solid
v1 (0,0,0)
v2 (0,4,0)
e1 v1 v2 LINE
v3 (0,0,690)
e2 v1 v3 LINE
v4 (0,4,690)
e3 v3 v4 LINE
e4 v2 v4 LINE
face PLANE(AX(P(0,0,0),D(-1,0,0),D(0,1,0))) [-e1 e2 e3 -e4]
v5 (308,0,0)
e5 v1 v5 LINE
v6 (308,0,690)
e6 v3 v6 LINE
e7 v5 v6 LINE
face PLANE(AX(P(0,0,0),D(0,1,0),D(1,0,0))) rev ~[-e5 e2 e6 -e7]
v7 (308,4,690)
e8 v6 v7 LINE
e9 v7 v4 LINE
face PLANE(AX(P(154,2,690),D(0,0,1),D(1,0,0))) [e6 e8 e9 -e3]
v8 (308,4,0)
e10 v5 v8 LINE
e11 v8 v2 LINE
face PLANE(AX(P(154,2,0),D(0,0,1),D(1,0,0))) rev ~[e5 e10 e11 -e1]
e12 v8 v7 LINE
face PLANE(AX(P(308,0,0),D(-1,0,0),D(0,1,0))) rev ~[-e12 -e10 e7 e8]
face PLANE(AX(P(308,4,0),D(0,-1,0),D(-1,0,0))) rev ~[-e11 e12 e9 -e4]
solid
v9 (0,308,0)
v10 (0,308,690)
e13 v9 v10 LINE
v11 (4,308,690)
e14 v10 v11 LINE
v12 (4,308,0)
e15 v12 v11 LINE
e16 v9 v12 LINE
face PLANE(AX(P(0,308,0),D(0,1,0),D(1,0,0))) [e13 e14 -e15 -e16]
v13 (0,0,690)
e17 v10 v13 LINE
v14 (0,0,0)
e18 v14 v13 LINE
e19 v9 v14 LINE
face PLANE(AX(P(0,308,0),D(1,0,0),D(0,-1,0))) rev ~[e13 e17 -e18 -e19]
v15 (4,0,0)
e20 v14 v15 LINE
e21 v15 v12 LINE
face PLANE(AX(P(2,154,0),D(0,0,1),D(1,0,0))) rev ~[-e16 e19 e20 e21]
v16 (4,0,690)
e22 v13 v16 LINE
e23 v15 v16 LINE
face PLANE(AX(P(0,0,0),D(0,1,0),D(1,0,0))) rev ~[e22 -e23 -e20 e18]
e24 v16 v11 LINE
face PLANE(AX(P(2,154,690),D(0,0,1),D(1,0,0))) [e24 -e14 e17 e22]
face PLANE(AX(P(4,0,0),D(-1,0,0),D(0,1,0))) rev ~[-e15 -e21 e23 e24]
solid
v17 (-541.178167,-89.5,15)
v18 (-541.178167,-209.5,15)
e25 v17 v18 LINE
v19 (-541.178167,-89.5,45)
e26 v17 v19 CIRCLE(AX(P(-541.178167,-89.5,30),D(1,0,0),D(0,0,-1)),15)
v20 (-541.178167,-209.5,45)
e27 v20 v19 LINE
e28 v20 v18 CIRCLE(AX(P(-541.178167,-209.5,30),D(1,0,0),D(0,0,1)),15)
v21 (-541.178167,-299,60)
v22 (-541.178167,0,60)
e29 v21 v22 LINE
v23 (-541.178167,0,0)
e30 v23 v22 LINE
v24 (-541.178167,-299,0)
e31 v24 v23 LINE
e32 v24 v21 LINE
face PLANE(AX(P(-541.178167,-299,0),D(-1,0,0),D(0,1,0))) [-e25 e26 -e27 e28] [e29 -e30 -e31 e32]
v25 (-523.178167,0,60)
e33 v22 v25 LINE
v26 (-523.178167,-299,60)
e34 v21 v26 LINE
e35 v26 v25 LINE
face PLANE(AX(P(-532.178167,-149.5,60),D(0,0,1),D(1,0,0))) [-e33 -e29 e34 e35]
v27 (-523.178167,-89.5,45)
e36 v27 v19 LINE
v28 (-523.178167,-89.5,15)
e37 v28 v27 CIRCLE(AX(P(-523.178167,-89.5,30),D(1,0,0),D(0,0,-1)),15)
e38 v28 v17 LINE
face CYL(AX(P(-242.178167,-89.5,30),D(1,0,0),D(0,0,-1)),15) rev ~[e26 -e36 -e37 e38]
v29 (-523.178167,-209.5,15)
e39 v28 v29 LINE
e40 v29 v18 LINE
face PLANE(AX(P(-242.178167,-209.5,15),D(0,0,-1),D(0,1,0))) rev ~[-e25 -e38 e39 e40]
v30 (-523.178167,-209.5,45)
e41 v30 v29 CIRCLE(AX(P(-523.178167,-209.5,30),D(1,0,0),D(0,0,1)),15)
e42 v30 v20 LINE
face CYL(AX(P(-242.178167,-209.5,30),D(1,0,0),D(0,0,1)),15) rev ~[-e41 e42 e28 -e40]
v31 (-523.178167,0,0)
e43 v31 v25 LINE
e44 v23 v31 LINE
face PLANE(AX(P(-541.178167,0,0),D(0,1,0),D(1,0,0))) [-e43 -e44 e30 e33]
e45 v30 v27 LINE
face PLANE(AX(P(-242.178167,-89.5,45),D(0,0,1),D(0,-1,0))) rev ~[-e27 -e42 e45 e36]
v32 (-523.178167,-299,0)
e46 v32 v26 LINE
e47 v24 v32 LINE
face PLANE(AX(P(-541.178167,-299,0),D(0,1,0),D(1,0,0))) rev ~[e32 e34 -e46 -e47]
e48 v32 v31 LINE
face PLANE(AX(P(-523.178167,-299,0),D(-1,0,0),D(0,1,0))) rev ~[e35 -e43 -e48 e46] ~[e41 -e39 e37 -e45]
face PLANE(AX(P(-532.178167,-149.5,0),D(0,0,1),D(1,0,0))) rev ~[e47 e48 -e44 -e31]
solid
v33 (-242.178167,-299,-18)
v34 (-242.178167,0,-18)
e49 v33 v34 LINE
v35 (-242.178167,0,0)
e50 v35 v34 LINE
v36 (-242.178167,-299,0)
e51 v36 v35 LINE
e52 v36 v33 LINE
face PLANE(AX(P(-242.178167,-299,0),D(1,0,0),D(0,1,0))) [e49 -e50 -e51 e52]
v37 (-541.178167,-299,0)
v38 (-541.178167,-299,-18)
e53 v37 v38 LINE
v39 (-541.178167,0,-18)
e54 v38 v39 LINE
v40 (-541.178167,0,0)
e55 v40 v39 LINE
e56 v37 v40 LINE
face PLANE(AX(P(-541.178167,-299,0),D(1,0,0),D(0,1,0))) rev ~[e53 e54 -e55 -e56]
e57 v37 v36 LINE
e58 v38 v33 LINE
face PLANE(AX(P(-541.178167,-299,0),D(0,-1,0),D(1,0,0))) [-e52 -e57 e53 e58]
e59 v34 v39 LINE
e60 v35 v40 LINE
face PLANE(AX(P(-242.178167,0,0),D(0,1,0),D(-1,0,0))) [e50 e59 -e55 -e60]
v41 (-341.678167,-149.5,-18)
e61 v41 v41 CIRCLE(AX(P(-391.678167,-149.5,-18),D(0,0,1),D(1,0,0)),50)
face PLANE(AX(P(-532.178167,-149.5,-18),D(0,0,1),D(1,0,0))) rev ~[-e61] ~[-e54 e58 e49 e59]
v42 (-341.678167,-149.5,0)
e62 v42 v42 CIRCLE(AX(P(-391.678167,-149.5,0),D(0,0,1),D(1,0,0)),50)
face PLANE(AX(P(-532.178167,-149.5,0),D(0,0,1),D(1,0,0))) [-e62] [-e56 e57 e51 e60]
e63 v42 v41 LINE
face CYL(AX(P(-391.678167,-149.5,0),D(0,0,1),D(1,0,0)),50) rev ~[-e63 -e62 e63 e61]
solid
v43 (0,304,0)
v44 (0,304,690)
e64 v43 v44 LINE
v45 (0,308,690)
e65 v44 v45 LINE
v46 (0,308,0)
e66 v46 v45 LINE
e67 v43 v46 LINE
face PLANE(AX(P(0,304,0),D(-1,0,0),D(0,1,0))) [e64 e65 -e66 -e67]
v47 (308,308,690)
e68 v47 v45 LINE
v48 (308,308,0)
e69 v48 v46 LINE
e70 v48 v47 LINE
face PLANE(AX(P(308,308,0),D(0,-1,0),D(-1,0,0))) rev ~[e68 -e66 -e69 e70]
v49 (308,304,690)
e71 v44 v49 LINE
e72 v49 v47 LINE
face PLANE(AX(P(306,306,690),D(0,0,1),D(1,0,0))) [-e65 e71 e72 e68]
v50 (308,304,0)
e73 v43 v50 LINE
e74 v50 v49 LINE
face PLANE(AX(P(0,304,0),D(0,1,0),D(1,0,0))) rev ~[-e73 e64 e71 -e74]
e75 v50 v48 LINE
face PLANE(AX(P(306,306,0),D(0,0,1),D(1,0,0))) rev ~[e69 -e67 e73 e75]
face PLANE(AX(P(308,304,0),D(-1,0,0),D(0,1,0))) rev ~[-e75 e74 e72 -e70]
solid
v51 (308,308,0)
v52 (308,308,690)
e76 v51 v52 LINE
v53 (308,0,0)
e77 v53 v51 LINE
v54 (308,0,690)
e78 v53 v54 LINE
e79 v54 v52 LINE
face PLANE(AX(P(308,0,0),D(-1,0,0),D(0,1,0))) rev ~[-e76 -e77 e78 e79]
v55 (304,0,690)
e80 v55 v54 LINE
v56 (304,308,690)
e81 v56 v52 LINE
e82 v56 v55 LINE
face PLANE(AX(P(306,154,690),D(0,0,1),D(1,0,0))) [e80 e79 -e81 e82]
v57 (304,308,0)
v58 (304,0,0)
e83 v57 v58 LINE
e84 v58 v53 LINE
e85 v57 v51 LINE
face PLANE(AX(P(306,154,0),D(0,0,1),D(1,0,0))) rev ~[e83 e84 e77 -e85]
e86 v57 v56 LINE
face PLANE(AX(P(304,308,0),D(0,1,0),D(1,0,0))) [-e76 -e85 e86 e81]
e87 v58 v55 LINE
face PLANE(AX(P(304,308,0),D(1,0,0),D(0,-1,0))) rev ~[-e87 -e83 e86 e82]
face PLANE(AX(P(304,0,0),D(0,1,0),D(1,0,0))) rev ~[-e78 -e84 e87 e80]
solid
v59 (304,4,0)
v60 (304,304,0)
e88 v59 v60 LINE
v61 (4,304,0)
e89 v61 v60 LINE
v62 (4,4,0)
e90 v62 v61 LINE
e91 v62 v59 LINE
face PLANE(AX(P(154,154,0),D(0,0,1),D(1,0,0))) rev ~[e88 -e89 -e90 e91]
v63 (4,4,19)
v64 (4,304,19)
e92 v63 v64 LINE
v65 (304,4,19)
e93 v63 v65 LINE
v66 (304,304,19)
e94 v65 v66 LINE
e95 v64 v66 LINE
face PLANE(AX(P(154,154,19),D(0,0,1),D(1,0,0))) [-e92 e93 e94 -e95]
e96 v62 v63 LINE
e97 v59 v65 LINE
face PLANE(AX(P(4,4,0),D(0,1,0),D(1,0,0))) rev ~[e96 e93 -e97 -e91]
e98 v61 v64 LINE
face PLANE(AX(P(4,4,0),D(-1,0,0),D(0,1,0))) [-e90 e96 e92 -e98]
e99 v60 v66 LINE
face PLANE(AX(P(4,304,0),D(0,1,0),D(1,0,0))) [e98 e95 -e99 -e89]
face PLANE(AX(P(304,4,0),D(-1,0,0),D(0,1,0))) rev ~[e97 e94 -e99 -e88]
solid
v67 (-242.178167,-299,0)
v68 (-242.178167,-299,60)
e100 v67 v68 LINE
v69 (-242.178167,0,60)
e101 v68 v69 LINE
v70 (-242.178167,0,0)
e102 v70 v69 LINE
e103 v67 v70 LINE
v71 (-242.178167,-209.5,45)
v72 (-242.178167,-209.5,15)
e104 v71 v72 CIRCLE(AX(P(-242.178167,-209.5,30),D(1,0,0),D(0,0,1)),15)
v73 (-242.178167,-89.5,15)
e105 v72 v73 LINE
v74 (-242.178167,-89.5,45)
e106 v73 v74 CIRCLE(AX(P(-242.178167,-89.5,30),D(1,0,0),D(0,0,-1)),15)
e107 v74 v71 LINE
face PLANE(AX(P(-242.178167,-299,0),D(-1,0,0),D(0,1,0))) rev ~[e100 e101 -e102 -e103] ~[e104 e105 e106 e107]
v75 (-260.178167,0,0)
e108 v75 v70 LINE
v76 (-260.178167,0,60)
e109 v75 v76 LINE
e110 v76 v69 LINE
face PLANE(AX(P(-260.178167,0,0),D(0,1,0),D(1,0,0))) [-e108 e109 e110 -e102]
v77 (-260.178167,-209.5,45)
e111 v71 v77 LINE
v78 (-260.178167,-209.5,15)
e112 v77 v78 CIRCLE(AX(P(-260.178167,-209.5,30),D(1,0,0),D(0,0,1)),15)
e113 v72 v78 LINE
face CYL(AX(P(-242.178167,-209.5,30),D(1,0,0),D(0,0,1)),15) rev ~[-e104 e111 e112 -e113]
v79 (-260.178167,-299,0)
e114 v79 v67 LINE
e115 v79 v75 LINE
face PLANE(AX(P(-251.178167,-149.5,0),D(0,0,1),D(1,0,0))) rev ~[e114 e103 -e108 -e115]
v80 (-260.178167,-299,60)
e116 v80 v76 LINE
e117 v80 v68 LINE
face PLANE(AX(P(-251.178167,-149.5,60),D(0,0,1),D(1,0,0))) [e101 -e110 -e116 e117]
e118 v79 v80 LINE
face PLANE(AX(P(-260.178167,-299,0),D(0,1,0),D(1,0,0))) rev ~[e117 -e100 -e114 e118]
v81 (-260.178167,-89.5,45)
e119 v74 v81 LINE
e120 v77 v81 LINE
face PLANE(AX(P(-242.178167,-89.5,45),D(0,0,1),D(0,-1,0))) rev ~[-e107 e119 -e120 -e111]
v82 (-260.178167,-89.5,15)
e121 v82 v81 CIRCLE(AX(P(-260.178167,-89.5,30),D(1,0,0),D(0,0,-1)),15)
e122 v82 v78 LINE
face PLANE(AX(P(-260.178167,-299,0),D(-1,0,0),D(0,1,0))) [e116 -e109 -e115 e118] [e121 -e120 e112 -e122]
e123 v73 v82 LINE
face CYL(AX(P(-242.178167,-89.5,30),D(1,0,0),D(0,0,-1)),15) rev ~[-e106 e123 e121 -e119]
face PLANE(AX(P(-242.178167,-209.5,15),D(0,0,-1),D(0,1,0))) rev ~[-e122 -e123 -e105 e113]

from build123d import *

# Parameters (mm, degrees)
F1_W     = 4
F1_H     = 300
F1_H_2   = 4
F2_DEPTH = 690
F1_W_2   = 300
F3_DEPTH = 690
F4_DEPTH = 19
F5_W     = 18
F5_H     = 299
F5_W_2   = 263
F5_R     = 50
F6_DEPTH = 18
F7_DEPTH = 60
F9_DEPTH = 299.001


with BuildPart() as f2:
    # F1 (on Top) → F2 (new body)
    with BuildSketch(Plane.XY):
        with Locations((2, 154)):
            Rectangle(F1_W, F1_H)
        with Locations((2, 306)):
            Rectangle(F1_W, F1_H_2)
        with Locations((2, 2)):
            Rectangle(F1_W, F1_H_2)
    extrude(amount=F2_DEPTH)


with BuildPart() as f2b:
    # F1 (on Top) → F2, piece 2 (new body)
    with BuildSketch(Plane.XY):
        with Locations((306, 154)):
            Rectangle(F1_W, F1_H)
        with Locations((306, 306)):
            Rectangle(F1_W, F1_H_2)
        with Locations((306, 2)):
            Rectangle(F1_W, F1_H_2)
    extrude(amount=F2_DEPTH)


with BuildPart() as f3:
    # F1 (on Top) → F3 (new body)
    with BuildSketch(Plane.XY):
        with Locations((154, 2)):
            Rectangle(F1_W_2, F1_H_2)
        with Locations((2, 2)):
            Rectangle(F1_W, F1_H_2)
        with Locations((306, 2)):
            Rectangle(F1_W, F1_H_2)
    extrude(amount=F3_DEPTH)


with BuildPart() as f3b:
    # F1 (on Top) → F3, piece 2 (new body)
    with BuildSketch(Plane.XY):
        with Locations((306, 306)):
            Rectangle(F1_W, F1_H_2)
        with Locations((154, 306)):
            Rectangle(F1_W_2, F1_H_2)
        with Locations((2, 306)):
            Rectangle(F1_W, F1_H_2)
    extrude(amount=F3_DEPTH)


with BuildPart() as f4:
    # F1 (on Top) → F4 (new body)
    with BuildSketch(Plane.XY):
        with Locations((154, 154)):
            Rectangle(F1_W_2, F1_H)
    extrude(amount=F4_DEPTH)


with BuildPart() as f6:
    # F5 (on Top) → F6 (new body)
    with BuildSketch(Plane.XY):
        with Locations((-532.1781668663, -149.5)):
            Rectangle(F5_W, F5_H)
        with Locations((-391.6781668663, -149.5)):
            Rectangle(F5_W_2, F5_H)
        with Locations((-391.6781668663, -149.5)):
            Circle(F5_R, mode=Mode.SUBTRACT)
        with Locations((-251.1781668663, -149.5)):
            Rectangle(F5_W, F5_H)
    extrude(amount=-F6_DEPTH)


with BuildPart() as f7:
    # F5 (on Top) → F7 (new body)
    with BuildSketch(Plane.XY):
        with Locations((-532.1781668663, -149.5)):
            Rectangle(F5_W, F5_H)
    extrude(amount=F7_DEPTH)


with BuildPart() as f7b:
    # F5 (on Top) → F7, piece 2 (new body)
    with BuildSketch(Plane.XY):
        with Locations((-251.1781668663, -149.5)):
            Rectangle(F5_W, F5_H)
    extrude(amount=F7_DEPTH)


with BuildPart() as f9_tool:
    # F8 (on face) → F9 (new body, through all)
    with BuildSketch(Plane.YZ.offset(-242.1781668663)):
        with BuildLine():
            Line((-89.5, 45), (-209.5, 45))
            ThreePointArc((-209.5, 45), (-224.5, 30), (-209.5, 15))
            Line((-209.5, 15), (-89.5, 15))
            ThreePointArc((-89.5, 15), (-74.5, 30), (-89.5, 45))
        make_face()
    extrude(amount=-F9_DEPTH)


with BuildPart() as f7_1:
    add(f7.part)

    # F9: cut by f9_tool
    add(f9_tool.part, mode=Mode.SUBTRACT)


with BuildPart() as f7b_1:
    add(f7b.part)

    # F9: cut by f9_tool
    add(f9_tool.part, mode=Mode.SUBTRACT)


solid = Compound([f2.part, f2b.part, f3.part, f3b.part, f4.part, f6.part, f7_1.part, f7b_1.part])
